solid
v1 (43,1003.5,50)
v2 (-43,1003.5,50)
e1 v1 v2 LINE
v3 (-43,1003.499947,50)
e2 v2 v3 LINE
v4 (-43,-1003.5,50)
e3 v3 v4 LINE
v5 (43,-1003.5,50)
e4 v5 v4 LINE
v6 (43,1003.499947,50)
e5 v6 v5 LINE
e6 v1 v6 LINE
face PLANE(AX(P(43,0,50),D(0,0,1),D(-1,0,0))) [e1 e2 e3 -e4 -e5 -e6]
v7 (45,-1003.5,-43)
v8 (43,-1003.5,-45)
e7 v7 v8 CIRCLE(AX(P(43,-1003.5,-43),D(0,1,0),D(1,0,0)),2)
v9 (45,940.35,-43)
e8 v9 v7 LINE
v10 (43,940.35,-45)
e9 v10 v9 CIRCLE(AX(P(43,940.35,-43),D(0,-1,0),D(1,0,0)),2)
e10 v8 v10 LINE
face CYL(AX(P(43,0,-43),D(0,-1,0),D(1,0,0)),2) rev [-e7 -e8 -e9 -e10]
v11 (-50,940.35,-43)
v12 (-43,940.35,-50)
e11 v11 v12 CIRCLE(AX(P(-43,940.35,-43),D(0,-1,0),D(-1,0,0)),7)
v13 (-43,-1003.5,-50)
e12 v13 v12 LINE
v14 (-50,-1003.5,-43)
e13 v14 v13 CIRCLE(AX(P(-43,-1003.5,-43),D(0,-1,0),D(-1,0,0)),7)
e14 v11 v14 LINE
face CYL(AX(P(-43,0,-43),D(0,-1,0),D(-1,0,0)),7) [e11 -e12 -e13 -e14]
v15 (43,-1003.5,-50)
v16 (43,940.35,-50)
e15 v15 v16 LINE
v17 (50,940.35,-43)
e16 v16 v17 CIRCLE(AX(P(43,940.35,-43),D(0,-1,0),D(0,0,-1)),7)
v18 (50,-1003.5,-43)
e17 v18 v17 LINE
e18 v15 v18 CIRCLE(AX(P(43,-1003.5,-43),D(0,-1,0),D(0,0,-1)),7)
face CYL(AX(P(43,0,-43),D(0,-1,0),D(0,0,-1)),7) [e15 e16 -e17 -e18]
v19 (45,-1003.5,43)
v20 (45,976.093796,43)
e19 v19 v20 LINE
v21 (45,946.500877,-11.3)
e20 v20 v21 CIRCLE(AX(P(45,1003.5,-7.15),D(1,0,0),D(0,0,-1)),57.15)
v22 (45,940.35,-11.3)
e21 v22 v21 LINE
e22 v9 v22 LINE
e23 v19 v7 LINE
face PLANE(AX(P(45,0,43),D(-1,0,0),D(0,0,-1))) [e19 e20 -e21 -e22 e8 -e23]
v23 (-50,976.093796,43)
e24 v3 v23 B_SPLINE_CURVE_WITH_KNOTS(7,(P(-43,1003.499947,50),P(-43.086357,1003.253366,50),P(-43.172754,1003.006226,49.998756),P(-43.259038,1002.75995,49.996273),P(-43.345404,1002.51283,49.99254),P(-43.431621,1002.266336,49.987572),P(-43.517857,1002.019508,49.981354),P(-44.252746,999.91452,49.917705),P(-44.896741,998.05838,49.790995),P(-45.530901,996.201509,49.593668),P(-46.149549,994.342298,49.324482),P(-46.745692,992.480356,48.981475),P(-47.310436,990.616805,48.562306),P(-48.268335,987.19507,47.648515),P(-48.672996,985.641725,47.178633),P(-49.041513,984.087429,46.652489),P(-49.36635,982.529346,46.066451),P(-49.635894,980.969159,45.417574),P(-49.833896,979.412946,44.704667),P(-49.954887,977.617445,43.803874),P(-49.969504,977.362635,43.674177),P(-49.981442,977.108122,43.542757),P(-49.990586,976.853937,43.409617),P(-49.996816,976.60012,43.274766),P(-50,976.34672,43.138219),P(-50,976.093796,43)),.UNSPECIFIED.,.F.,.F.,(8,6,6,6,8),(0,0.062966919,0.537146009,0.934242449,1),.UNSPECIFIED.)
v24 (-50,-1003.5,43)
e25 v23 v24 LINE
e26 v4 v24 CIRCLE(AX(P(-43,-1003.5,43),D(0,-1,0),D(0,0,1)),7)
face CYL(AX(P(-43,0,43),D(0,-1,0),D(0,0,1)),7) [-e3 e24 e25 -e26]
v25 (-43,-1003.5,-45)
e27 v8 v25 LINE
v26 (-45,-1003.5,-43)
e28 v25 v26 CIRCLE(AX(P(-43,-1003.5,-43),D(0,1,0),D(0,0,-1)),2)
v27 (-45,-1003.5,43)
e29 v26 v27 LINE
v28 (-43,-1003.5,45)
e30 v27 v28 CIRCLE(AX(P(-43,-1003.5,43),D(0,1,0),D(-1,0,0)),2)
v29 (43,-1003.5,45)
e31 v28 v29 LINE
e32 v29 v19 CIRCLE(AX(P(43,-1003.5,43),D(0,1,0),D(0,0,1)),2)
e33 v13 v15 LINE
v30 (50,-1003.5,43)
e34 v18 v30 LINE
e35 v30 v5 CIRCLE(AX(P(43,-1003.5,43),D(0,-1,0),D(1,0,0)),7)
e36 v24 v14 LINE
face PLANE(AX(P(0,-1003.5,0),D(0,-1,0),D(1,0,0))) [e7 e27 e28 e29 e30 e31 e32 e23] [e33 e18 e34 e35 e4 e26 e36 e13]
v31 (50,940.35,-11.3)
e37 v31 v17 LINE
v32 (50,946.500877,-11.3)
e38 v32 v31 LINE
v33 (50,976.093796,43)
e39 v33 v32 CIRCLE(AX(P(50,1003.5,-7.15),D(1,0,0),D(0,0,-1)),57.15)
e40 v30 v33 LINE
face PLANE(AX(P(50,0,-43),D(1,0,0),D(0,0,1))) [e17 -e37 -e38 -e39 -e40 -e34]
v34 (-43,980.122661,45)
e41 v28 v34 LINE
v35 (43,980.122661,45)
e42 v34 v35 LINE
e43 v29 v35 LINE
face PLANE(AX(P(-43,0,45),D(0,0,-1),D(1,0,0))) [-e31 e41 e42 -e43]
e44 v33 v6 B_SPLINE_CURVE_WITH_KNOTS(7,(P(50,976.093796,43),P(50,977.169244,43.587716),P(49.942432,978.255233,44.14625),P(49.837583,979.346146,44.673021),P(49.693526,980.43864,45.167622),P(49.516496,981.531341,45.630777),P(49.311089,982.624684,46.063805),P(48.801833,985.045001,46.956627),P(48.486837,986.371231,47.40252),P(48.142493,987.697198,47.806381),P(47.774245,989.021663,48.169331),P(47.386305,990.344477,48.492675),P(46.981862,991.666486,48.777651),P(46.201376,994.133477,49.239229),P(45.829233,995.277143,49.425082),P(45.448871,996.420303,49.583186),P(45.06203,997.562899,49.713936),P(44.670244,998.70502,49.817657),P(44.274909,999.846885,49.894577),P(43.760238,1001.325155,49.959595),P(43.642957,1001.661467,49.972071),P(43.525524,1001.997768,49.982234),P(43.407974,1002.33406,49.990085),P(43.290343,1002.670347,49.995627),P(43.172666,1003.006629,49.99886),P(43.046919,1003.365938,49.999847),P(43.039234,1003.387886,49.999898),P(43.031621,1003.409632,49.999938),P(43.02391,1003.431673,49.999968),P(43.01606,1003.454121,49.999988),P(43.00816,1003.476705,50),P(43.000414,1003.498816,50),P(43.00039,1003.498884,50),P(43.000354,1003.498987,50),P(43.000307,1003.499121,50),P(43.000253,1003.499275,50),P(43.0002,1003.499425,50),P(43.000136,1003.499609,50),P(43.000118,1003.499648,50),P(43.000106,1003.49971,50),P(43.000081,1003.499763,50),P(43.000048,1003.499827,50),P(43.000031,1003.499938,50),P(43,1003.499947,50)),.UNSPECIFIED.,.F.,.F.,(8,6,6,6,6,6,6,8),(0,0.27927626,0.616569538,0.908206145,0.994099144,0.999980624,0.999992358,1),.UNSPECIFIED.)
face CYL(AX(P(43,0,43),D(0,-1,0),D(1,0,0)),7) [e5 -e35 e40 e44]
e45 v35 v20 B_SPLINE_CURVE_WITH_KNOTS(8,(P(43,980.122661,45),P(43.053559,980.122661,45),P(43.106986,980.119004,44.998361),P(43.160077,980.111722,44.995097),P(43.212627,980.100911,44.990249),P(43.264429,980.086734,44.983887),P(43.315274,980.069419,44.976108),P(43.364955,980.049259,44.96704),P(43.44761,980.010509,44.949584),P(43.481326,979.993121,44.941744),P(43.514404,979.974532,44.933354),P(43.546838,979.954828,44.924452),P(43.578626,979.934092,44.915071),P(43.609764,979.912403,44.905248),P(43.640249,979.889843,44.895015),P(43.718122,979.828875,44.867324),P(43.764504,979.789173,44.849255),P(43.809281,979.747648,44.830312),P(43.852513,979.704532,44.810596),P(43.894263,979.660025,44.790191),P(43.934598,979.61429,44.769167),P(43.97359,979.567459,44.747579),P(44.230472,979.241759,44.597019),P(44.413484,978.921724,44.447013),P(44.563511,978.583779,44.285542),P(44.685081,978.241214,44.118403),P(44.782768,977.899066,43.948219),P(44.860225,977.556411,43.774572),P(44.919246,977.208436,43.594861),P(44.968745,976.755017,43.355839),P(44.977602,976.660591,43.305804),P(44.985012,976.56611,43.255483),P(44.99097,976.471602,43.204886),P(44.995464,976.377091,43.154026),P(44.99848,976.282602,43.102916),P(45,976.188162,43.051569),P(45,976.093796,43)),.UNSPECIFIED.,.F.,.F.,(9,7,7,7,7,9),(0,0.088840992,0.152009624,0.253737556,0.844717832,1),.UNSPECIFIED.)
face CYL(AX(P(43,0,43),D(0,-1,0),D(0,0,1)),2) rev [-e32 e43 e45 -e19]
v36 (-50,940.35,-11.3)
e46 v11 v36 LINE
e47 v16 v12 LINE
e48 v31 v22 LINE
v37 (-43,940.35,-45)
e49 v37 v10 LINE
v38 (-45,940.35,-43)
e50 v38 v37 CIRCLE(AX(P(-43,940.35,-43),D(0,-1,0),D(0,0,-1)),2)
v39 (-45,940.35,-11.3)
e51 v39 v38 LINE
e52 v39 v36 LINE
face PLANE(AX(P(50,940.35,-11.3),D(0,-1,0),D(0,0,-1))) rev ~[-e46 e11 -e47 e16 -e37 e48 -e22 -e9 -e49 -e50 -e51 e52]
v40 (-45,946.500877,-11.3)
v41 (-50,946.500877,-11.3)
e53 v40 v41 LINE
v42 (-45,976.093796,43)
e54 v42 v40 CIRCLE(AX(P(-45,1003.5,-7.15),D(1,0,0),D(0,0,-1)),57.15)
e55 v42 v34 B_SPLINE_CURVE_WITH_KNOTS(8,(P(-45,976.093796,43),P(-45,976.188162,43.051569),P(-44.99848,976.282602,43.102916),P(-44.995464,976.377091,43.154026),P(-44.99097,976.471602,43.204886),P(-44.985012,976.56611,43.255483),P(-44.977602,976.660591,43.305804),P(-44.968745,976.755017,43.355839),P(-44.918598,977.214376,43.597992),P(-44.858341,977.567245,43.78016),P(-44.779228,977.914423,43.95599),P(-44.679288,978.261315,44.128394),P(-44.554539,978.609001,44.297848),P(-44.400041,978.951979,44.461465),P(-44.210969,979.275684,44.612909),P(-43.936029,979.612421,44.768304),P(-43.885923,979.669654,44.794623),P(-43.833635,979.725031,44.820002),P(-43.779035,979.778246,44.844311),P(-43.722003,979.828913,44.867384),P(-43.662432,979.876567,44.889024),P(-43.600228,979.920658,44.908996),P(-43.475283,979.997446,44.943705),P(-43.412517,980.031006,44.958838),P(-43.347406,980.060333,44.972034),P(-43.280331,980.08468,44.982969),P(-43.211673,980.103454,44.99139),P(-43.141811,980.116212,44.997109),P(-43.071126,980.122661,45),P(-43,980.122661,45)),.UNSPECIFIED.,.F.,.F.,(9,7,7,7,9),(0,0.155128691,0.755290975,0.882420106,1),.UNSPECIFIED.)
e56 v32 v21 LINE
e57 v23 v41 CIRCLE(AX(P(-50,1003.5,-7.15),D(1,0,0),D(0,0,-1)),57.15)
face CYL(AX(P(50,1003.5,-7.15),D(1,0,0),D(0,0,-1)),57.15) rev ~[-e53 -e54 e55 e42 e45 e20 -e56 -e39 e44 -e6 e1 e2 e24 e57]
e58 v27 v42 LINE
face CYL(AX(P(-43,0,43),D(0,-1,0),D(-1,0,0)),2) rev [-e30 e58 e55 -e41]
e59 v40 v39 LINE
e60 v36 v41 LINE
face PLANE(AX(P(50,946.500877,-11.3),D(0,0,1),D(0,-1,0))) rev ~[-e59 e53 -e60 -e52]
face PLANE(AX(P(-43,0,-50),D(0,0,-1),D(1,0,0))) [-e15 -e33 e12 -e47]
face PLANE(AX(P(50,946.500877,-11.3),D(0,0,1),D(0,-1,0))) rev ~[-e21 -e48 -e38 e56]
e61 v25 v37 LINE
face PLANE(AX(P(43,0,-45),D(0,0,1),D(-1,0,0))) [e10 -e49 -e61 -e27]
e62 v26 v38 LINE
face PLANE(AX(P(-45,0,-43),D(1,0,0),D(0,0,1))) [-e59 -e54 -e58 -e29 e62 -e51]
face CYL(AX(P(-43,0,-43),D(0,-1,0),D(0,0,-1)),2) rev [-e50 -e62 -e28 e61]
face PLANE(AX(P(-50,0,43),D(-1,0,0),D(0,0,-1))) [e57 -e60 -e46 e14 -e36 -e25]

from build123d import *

# Parameters (mm, degrees)
F1_DEPTH = 1003.5
F3_DEPTH = 100.001


with BuildPart() as f1:
    # F0 (on Front) → F1 (new body, symmetric)
    with BuildSketch(Plane.XZ):
        with BuildLine():
            ThreePointArc((50, 43), (47.9497474683, 47.9497474683), (43, 50))
            Line((43, 50), (-43, 50))
            ThreePointArc((-43, 50), (-47.9497474683, 47.9497474683), (-50, 43))
            Line((-50, 43), (-50, -43))
            ThreePointArc((-50, -43), (-47.9497474683, -47.9497474683), (-43, -50))
            Line((-43, -50), (43, -50))
            ThreePointArc((43, -50), (47.9497474683, -47.9497474683), (50, -43))
            Line((50, -43), (50, 43))
        make_face()
        with BuildLine():
            ThreePointArc((45, -43), (44.4142135624, -44.4142135624), (43, -45))
            Line((43, -45), (-43, -45))
            ThreePointArc((-43, -45), (-44.4142135624, -44.4142135624), (-45, -43))
            Line((-45, -43), (-45, 43))
            ThreePointArc((-45, 43), (-44.4142135624, 44.4142135624), (-43, 45))
            Line((-43, 45), (43, 45))
            ThreePointArc((43, 45), (44.4142135624, 44.4142135624), (45, 43))
            Line((45, 43), (45, -43))
        make_face(mode=Mode.SUBTRACT)
    extrude(amount=F1_DEPTH, both=True)

    # F2 (on face) → F3 (cut, through all)
    with BuildSketch(Plane.YZ.offset(50)):
        with BuildLine():
            Line((940.35, -64.3), (1003.5, -64.3))
            ThreePointArc((1003.5, -64.3), (1042.4162562434, 34.7026880857), (946.5008771997, -11.3))
            Line((946.5008771997, -11.3), (940.35, -11.3))
            Line((940.35, -11.3), (940.35, -64.3))
        make_face()
    extrude(amount=-F3_DEPTH, mode=Mode.SUBTRACT)


solid = f1.part
